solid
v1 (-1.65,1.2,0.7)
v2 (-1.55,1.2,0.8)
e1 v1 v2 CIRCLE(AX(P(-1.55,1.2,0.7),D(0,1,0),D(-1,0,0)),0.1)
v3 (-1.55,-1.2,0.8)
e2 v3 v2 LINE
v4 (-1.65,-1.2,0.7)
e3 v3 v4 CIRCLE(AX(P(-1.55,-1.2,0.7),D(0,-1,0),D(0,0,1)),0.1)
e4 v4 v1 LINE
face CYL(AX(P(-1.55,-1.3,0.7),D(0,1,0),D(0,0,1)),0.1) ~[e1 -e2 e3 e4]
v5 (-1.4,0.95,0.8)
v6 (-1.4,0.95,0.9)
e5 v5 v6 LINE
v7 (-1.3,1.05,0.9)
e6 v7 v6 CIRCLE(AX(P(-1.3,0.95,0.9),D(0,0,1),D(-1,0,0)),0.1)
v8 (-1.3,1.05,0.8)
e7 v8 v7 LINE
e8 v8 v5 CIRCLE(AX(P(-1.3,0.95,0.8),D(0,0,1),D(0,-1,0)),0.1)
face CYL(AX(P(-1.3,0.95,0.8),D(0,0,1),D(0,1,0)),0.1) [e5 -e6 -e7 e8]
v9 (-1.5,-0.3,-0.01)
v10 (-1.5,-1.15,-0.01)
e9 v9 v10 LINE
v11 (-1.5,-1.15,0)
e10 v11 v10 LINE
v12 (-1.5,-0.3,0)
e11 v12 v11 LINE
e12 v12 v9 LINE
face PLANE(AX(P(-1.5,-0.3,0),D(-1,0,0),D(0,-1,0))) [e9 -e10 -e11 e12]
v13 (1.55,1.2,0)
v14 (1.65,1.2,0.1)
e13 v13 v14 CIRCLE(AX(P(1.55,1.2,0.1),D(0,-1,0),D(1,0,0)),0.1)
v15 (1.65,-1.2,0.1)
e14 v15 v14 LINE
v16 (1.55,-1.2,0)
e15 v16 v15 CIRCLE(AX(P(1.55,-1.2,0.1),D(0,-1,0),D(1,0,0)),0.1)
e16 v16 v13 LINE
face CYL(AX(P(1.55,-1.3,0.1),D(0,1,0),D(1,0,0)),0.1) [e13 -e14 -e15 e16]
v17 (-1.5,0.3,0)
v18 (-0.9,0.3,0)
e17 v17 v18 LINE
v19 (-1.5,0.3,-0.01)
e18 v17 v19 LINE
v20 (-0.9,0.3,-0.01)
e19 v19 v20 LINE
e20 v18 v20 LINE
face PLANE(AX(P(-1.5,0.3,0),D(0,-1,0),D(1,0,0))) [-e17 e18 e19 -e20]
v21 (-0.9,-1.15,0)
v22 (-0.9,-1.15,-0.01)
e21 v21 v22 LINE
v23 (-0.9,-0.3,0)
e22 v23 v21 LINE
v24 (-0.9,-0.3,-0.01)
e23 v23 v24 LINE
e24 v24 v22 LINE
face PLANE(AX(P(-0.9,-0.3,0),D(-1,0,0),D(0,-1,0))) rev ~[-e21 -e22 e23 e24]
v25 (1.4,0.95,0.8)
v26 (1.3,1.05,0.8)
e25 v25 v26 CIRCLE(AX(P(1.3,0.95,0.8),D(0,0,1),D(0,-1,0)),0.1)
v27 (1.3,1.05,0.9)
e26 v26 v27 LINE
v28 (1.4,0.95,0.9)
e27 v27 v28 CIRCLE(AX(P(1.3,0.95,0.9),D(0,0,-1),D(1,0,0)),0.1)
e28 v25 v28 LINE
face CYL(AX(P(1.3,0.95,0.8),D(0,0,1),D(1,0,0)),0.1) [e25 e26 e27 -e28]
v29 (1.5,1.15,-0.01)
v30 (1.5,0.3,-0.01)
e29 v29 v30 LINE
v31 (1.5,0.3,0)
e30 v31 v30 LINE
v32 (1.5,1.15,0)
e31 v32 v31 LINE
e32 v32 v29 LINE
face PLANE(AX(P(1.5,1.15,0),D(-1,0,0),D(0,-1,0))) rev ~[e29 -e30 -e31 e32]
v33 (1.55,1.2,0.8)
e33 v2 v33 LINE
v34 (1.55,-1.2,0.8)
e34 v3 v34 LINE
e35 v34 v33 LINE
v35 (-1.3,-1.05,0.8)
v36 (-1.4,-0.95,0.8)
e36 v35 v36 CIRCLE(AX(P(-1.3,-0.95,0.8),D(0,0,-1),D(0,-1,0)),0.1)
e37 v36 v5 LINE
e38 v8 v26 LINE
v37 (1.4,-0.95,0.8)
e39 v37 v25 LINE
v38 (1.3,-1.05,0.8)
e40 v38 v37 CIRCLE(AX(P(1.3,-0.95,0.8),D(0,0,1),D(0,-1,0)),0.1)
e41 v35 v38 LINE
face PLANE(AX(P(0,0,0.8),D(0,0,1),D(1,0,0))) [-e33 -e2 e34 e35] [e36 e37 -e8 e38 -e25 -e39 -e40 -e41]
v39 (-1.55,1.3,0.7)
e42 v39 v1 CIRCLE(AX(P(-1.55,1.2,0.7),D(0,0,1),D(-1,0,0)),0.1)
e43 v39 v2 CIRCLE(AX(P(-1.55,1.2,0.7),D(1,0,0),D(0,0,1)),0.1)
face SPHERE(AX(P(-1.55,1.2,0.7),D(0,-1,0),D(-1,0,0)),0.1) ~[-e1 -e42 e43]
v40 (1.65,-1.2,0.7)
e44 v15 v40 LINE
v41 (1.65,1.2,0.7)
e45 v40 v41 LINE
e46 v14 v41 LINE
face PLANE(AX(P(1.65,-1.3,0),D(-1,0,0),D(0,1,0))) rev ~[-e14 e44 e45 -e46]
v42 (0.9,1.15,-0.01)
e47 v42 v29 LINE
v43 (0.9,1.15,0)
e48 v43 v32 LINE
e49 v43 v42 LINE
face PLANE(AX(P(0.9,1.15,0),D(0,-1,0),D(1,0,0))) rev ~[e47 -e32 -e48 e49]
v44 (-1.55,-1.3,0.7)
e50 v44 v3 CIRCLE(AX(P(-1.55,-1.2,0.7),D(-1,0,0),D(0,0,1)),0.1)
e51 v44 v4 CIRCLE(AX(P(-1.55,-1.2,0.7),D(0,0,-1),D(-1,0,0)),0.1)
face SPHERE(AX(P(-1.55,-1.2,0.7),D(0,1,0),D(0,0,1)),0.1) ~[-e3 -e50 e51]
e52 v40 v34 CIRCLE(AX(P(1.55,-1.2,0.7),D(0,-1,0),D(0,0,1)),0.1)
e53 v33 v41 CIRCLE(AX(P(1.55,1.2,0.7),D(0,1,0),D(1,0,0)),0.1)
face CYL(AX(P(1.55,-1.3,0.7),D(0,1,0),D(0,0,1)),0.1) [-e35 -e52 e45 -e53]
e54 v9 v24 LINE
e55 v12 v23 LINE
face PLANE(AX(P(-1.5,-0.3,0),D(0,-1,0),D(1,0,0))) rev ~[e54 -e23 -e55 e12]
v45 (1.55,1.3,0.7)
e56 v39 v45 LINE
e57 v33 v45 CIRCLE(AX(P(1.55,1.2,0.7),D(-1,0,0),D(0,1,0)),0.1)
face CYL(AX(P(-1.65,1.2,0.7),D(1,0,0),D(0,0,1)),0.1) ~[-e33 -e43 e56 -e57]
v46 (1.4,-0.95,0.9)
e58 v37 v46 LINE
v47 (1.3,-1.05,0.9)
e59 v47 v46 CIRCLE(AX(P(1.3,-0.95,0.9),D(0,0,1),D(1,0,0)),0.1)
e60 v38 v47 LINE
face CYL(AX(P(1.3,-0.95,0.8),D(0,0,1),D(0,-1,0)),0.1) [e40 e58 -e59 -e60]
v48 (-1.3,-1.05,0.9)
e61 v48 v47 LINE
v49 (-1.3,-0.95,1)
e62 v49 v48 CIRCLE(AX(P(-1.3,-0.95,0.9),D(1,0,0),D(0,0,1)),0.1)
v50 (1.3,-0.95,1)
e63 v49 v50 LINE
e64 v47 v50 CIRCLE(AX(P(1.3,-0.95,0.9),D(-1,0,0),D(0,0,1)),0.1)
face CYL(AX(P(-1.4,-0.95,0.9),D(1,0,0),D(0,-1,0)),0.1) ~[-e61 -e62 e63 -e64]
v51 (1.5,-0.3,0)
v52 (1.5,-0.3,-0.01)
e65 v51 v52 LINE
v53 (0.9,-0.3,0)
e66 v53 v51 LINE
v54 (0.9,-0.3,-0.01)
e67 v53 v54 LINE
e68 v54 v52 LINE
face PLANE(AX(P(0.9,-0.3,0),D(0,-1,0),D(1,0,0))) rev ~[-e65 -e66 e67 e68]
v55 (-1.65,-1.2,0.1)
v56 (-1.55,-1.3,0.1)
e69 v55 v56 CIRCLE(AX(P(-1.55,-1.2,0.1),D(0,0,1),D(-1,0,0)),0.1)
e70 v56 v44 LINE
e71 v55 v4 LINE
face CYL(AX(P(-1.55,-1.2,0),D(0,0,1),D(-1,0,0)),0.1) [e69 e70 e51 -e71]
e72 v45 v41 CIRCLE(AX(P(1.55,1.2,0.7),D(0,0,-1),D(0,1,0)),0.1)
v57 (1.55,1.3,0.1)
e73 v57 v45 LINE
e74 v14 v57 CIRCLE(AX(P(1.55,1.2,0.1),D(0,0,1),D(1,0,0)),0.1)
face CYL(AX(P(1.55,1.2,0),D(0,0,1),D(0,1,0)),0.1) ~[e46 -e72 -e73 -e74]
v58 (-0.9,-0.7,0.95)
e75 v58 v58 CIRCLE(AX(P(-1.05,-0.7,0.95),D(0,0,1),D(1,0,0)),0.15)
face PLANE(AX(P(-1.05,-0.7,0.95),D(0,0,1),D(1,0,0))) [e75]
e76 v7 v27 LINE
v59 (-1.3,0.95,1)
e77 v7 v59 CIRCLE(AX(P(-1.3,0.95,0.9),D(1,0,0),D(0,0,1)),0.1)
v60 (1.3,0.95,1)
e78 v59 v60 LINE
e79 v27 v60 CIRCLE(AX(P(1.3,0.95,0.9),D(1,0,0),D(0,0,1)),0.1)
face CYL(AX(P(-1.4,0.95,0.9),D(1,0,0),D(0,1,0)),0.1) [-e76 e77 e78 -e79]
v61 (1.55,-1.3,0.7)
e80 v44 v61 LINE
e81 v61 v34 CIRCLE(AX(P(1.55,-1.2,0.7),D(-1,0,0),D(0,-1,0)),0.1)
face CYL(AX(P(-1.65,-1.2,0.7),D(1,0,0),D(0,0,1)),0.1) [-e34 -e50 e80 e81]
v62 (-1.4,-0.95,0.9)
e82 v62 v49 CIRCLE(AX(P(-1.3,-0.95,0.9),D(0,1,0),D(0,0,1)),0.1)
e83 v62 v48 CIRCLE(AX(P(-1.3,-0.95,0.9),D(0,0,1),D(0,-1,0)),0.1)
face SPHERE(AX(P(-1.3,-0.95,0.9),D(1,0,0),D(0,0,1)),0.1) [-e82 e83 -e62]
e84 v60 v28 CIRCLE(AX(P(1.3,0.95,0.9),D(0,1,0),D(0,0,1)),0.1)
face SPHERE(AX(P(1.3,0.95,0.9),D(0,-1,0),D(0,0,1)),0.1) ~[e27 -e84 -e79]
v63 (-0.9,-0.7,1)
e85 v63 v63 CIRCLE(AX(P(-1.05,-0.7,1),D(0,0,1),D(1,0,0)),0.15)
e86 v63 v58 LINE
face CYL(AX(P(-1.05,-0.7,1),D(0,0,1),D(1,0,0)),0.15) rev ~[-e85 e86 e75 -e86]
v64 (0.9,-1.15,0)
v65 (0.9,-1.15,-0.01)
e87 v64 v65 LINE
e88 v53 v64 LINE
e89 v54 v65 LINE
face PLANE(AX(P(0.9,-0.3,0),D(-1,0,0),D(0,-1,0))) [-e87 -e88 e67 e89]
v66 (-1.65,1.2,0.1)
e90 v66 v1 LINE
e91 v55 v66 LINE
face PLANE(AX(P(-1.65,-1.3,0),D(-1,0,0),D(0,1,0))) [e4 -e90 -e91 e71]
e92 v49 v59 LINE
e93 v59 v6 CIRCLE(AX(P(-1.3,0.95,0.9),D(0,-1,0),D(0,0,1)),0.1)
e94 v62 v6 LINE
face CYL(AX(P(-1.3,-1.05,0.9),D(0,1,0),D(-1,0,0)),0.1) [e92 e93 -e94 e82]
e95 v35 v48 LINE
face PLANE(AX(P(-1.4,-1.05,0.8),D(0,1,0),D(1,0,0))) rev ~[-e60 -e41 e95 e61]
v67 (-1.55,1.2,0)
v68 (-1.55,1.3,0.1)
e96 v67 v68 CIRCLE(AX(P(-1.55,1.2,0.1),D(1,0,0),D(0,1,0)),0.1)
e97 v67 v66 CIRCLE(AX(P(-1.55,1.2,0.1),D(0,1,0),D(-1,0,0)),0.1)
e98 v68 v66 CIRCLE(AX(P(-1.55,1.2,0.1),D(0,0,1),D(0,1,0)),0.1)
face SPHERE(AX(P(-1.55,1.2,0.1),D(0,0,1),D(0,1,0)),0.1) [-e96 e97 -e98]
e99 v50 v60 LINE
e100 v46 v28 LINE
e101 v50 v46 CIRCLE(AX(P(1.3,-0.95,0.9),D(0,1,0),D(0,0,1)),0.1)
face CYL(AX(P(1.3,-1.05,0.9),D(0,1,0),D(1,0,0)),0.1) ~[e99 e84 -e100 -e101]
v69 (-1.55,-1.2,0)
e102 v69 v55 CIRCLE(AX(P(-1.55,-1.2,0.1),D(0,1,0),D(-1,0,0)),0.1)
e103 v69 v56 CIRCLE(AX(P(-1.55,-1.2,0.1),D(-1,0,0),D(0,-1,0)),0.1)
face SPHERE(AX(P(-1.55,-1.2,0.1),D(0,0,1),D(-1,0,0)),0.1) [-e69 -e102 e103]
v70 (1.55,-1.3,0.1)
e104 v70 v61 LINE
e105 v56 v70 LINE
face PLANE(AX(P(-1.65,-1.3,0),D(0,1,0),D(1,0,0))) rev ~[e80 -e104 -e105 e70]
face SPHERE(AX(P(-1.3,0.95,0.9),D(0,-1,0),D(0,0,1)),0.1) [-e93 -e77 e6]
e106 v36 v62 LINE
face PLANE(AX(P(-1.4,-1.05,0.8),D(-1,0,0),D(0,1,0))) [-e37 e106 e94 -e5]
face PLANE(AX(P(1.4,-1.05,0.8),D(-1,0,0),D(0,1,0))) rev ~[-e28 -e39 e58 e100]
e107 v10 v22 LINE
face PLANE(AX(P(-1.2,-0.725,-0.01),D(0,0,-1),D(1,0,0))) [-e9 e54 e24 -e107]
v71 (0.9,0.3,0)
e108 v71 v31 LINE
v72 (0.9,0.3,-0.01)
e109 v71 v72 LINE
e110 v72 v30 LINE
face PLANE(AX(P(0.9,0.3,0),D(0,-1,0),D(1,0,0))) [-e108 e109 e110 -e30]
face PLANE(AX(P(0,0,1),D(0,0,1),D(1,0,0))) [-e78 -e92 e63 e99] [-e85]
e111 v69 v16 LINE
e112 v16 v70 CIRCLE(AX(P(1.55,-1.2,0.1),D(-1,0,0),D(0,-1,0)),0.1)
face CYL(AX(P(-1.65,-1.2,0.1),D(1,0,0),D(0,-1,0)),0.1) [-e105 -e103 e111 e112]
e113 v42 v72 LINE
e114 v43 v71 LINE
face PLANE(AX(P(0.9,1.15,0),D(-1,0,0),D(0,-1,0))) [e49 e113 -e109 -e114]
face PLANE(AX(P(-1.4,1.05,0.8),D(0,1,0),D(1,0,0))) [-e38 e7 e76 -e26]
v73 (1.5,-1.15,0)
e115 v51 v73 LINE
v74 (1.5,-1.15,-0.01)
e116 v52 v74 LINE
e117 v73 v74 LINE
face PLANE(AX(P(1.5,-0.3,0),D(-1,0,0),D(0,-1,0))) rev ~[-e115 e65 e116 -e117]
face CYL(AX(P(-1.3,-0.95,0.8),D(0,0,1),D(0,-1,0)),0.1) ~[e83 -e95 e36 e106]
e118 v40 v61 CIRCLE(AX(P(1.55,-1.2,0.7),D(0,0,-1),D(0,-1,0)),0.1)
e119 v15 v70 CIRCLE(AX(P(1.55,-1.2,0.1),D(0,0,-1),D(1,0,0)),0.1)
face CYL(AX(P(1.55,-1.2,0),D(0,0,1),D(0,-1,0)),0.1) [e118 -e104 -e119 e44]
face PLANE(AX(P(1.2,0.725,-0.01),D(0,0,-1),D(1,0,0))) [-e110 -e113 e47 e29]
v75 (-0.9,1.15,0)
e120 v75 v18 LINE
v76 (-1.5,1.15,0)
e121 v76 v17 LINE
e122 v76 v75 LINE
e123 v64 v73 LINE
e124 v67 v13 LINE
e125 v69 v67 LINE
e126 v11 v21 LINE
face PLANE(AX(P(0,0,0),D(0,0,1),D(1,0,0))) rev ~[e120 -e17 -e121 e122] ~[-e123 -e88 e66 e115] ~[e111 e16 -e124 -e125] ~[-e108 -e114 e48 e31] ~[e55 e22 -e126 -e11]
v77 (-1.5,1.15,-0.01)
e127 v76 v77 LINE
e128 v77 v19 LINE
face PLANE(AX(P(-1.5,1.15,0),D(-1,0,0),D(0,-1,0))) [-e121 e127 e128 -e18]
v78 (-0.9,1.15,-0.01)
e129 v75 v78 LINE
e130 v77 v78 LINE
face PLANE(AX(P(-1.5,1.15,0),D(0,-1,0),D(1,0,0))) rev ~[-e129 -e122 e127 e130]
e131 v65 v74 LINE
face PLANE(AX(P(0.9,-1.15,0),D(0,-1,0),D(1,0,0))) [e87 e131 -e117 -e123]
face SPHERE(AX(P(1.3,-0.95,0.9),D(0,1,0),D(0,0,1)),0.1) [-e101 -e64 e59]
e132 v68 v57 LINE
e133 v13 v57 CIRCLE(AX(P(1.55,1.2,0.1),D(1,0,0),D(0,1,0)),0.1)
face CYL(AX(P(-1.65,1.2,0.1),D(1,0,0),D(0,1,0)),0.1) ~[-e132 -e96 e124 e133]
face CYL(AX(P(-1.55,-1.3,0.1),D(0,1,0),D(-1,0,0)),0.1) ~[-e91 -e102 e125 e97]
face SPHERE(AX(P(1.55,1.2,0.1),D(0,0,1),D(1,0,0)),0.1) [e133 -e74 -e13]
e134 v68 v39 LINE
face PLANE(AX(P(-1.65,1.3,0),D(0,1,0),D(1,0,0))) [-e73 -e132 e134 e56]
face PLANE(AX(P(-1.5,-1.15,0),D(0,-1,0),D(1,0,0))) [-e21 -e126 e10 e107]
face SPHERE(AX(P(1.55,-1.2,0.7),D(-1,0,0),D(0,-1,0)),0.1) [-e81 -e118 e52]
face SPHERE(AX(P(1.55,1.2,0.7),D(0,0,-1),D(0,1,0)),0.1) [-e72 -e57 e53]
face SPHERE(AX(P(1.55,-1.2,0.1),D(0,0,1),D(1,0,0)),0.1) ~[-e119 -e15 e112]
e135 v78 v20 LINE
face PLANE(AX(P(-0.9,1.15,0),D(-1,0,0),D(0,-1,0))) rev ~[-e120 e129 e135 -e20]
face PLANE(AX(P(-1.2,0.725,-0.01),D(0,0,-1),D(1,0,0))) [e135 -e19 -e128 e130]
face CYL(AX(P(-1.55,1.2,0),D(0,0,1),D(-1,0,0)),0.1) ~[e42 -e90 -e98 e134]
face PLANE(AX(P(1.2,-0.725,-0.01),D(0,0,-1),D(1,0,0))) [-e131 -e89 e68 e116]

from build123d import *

# Parameters (mm, degrees)
SKETCH_W     = 3.3
SKETCH_H     = 2.6
PAD_DEPTH    = 0.8
SKETCH001_W  = 2.8
SKETCH001_H  = 2.1
PAD001_DEPTH = 0.2
FILLET_R     = 0.1
FILLET001_R  = 0.1
SKETCH002_R  = 0.15
POCKET_DEPTH = 0.05
SKETCH003_W  = 0.6
SKETCH003_H  = 0.85
PAD002_DEPTH = 0.01


with BuildPart() as part:
    # Sketch → Pad (new body)
    with BuildSketch(Plane.XY):
        Rectangle(SKETCH_W, SKETCH_H)
    extrude(amount=PAD_DEPTH)

    # Sketch001 → Pad001 (new body)
    with BuildSketch(Plane.XY.offset(0.8)):
        Rectangle(SKETCH001_W, SKETCH001_H)
    extrude(amount=PAD001_DEPTH)

    # Fillet
    fillet_edges = [part.edges().sort_by_distance(p)[0] for p in [
        (1.4, 0, 1),
        (0, -1.05, 1),
        (-1.4, 0, 1),
        (0, 1.05, 1),
        (1.4, 1.05, 0.9),
        (1.4, -1.05, 0.9),
        (-1.4, -1.05, 0.9),
        (-1.4, 1.05, 0.9),
    ]]
    fillet(fillet_edges, radius=FILLET_R)

    # Fillet001
    fillet001_edges = [part.edges().sort_by_distance(p)[0] for p in [
        (-1.65, 0, 0.8),
        (0, -1.3, 0.8),
        (-1.65, -1.3, 0.4),
        (1.65, -1.3, 0.4),
        (1.65, 1.3, 0.4),
        (-1.65, 1.3, 0.4),
        (0, 1.3, 0.8),
        (1.65, 0, 0.8),
        (1.65, 0, 0),
        (0, 1.3, 0),
        (-1.65, 0, 0),
        (0, -1.3, 0),
    ]]
    fillet(fillet001_edges, radius=FILLET001_R)

    # Sketch002 → Pocket (cut)
    with BuildSketch(Plane.XY.offset(1)):
        with Locations((-1.05, -0.7)):
            Circle(SKETCH002_R)
    extrude(amount=-POCKET_DEPTH, mode=Mode.SUBTRACT)

    # Sketch003 → Pad002 (new body)
    with BuildSketch(Plane(origin=(0, 0, 0), x_dir=(1, 0, 0), z_dir=(0, 0, -1))):
        with Locations((1.2, 0.725)):
            Rectangle(SKETCH003_W, SKETCH003_H)
        with Locations((1.2, -0.725)):
            Rectangle(SKETCH003_W, SKETCH003_H)
        with Locations((-1.2, -0.725)):
            Rectangle(SKETCH003_W, SKETCH003_H)
        with Locations((-1.2, 0.725)):
            Rectangle(SKETCH003_W, SKETCH003_H)
    extrude(amount=PAD002_DEPTH)


solid = part.part
